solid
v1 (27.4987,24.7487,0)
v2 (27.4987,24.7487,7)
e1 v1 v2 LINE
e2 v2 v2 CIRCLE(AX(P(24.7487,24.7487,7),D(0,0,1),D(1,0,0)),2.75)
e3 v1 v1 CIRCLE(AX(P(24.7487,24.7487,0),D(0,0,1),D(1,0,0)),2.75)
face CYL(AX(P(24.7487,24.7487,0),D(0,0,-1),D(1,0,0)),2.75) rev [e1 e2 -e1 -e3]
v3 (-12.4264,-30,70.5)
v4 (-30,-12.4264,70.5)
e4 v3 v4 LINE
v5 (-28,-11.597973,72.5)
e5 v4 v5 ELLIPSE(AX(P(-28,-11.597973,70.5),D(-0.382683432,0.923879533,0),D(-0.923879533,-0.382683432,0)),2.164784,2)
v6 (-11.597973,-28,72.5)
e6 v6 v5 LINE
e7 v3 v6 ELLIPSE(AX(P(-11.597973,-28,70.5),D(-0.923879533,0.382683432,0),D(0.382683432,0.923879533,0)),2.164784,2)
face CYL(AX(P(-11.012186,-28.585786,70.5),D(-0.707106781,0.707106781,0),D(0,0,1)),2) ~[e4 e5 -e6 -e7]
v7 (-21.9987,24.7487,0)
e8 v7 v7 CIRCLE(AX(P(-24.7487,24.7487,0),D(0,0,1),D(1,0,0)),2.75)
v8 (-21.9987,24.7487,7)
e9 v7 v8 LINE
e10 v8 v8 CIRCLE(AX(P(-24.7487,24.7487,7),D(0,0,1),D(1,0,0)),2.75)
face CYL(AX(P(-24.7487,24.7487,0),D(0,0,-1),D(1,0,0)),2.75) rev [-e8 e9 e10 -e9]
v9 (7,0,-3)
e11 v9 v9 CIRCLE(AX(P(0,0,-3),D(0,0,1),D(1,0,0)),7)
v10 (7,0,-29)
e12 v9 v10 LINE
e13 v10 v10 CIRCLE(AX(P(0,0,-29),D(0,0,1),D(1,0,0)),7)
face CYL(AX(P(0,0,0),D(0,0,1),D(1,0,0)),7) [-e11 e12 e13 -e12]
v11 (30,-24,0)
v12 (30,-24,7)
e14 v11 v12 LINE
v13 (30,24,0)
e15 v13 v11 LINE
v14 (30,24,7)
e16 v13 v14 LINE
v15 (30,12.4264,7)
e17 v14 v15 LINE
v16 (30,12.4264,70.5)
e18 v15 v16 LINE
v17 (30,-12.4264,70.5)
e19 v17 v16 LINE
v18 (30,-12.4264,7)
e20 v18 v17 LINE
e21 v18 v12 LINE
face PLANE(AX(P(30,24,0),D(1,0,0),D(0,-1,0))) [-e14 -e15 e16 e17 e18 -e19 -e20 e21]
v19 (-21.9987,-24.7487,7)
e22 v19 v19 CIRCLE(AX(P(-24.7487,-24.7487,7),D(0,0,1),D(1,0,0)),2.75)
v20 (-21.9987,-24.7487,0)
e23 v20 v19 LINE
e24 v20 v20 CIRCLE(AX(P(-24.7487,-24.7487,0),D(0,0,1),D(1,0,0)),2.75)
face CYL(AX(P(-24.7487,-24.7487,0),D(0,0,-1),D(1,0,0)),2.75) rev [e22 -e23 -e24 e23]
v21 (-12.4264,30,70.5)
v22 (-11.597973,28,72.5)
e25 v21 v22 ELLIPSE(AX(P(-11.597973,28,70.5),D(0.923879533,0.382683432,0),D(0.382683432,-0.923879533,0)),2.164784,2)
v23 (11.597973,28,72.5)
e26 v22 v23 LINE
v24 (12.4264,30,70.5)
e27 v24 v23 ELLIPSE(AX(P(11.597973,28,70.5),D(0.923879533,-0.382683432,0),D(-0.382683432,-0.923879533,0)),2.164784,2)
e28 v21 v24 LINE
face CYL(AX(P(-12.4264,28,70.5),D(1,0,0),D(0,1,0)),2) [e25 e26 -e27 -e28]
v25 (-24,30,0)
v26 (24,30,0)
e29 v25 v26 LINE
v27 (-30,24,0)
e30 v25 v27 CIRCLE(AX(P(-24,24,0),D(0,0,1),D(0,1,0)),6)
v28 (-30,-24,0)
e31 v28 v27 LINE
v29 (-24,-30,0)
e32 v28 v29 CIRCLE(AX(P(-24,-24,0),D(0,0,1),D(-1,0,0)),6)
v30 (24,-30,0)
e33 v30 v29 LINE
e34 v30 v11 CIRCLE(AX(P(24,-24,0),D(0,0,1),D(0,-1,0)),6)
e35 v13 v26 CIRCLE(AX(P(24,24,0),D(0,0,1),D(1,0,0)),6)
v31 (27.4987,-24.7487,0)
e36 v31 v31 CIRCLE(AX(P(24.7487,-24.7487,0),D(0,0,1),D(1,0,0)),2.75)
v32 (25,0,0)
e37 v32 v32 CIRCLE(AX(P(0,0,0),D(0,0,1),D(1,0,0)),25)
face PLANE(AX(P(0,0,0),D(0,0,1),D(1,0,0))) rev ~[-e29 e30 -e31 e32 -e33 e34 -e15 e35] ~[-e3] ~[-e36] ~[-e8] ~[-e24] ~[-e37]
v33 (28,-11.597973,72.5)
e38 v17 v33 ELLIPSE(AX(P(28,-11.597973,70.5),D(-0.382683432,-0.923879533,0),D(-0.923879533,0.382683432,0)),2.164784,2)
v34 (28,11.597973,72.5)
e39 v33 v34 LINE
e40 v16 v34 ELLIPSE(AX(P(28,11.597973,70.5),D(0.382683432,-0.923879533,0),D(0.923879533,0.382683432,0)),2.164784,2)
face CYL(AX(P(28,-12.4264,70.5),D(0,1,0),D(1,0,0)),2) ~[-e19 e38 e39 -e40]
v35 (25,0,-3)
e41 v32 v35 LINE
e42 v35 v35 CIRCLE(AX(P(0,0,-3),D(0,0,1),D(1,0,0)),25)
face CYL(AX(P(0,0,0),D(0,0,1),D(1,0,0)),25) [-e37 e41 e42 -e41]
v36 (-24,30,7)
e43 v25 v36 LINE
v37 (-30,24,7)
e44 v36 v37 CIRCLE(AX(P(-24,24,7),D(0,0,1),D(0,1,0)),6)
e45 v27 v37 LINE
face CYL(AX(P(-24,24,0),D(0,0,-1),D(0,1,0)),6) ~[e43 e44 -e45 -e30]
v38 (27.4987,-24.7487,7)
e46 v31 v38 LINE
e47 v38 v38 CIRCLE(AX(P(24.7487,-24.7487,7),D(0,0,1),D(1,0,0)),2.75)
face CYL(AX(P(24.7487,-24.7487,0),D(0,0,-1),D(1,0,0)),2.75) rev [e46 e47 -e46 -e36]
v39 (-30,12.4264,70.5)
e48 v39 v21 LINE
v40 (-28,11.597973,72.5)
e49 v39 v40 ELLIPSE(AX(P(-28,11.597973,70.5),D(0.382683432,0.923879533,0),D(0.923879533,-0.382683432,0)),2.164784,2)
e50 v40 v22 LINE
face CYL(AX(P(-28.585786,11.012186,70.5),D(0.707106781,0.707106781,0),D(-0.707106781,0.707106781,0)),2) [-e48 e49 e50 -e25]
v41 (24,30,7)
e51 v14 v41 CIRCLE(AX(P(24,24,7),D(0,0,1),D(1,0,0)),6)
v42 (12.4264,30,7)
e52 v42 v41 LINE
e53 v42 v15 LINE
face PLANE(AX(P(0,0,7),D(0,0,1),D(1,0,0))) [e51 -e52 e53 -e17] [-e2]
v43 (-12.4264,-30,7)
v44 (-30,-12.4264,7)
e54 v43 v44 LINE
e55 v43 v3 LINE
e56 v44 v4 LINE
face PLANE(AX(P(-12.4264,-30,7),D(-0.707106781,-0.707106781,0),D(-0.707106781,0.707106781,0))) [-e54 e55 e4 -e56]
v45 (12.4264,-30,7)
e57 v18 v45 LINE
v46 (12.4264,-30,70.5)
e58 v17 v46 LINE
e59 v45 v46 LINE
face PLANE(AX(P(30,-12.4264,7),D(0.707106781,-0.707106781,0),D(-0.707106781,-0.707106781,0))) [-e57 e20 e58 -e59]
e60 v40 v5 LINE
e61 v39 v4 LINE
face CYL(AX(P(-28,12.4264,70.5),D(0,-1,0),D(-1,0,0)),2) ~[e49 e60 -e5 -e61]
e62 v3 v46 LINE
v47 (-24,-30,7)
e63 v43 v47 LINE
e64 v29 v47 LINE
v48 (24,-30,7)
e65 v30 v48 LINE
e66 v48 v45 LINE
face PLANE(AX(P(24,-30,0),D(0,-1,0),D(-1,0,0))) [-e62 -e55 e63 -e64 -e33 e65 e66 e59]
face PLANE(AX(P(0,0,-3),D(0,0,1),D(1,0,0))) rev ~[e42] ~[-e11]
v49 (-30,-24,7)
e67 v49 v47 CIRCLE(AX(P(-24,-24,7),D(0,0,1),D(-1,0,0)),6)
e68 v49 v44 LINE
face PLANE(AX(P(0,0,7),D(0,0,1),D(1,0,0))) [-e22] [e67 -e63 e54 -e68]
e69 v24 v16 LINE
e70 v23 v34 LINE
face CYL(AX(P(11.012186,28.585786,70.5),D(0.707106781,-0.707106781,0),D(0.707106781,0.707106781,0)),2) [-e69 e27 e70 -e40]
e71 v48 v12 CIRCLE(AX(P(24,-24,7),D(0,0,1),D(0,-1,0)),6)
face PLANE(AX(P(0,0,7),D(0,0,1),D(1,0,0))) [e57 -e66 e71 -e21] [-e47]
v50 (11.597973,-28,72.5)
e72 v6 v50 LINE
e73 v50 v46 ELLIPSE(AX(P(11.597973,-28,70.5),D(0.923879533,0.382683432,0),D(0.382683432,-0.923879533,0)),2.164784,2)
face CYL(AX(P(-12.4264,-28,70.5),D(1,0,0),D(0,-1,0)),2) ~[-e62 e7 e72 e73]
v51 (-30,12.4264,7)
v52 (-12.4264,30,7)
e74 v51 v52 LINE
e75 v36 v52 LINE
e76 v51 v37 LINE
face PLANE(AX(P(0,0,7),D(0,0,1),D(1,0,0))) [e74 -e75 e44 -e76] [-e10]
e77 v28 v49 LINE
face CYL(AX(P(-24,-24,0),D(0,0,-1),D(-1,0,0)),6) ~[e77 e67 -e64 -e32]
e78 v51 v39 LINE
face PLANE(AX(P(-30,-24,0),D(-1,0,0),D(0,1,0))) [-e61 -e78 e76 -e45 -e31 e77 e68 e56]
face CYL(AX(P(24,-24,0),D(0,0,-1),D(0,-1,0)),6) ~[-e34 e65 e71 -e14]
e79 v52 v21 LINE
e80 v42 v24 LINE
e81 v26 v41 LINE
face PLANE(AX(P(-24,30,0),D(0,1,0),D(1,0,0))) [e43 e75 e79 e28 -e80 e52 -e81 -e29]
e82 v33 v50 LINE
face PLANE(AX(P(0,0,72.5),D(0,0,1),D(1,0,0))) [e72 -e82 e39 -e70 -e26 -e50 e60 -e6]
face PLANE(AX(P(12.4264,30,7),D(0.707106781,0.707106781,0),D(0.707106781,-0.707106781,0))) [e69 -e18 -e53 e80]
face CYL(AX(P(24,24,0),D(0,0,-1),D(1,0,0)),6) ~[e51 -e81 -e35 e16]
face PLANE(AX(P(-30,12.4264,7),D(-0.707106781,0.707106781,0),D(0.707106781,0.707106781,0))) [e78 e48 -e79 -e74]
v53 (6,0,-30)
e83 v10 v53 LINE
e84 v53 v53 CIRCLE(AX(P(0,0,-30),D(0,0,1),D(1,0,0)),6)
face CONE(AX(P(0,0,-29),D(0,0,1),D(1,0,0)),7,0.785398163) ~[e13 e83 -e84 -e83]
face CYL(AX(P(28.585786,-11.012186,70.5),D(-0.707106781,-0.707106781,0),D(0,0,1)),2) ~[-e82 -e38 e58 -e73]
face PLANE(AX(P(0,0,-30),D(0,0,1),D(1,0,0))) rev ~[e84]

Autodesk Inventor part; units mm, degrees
ref_plane "YZ Plane" through (0, 0, 0) normal (1, 0, 0) x (0, 1, 0)
ref_plane "XZ Plane" through (0, 0, 0) normal (0, 1, 0) x (-1, 0, 0)
ref_plane "XY Plane" through (0, 0, 0) normal (0, 0, 1) x (1, 0, 0)
sketch "Szkic1" plane through (0, 0, 0) normal (0, 0, 1) x (1, 0, 0)
  circle A0 centre (0, 0) radius 25
  circle A1 centre (0, 0) radius 7
  line L0 (-24, 30) -> (24, 30)
  line L1 (30, 24) -> (30, -24)
  line L2 (24, -30) -> (-24, -30)
  line L3 (-30, -24) -> (-30, 24)
  line L4 (-30, 30) -> (30, -30) construction
  line L5 (30, 30) -> (-30, -30) construction
  circle A2 centre (-24.7487, 24.7487) radius 2.75
  circle A3 centre (24.7487, 24.7487) radius 2.75
  circle A4 centre (-24.7487, -24.7487) radius 2.75
  circle A5 centre (24.7487, -24.7487) radius 2.75
  arc A6 (-24, 30) -> (-30, 24) centre (-24, 24) ccw
  arc A7 (30, 24) -> (24, 30) centre (24, 24) ccw
  arc A8 (24, -30) -> (30, -24) centre (24, -24) ccw
  arc A9 (-30, -24) -> (-24, -30) centre (-24, -24) ccw
  dimension "d0" = 50
  dimension "d1" = 14
  dimension "d2" = 60
  dimension "d3" = 60
  dimension "d5" = 5.5
  dimension "d6" = 5.5
  dimension "d7" = 5.5
  dimension "d8" = 5.5
  dimension "d9" = 6
extrude "Wyciągnięcie proste1" add sketch "Szkic1" along normal blind 7 contours A0 | A1 | L0 A7 L1 A8 L2 A9 L3 A6
extrude "Wyciągnięcie proste2" add sketch "Szkic1" against normal blind 3 contours A0
extrude "Wyciągnięcie proste3" add sketch "Szkic1" against normal blind 30 contours A1
sketch "Szkic2" plane through (0, 0, 7) normal (0, 0, 1) x (1, 0, 0)
  line L0 (-30, 12.4264) -> (-12.4264, 30)
  line L1 (12.4264, 30) -> (30, 12.4264)
  line L2 (30, -12.4264) -> (12.4264, -30)
  line L3 (-12.4264, -30) -> (-30, -12.4264)
  line L4 (-30, 30) -> (30, -30) construction
  line L5 (30, 30) -> (-30, -30) construction
  line L6 (-12.4264, 30) -> (12.4264, 30)
  line L7 (30, -24) -> (30, 24) projected
  line L8 (30, 12.4264) -> (30, -12.4264)
  line L9 (-24, -30) -> (24, -30) projected
  line L10 (12.4264, -30) -> (-12.4264, -30)
  line L11 (-30, 24) -> (-30, -24) projected
  line L12 (-30, -12.4264) -> (-30, 12.4264)
  point P0 (0, 0)
extrude "Wyciągnięcie proste4" add sketch "Szkic2" along normal blind 65.5
fillet "Zaokrąglenie1" radius 2 8 edges at (30, 0, 72.5) (21.2132, 21.2132, 72.5) (0, 30, 72.5) (-21.2132, 21.2132, 72.5) (-30, 0, 72.5) (21.2132, -21.2132, 72.5) (0, -30, 72.5) (-21.2132, -21.2132, 72.5)
chamfer "Faza1" distance 1 angle 45 1 edges at (-7, 0, -30)
properties part number "silnik_podstawa" material "Aluminium 6061-AHC"
